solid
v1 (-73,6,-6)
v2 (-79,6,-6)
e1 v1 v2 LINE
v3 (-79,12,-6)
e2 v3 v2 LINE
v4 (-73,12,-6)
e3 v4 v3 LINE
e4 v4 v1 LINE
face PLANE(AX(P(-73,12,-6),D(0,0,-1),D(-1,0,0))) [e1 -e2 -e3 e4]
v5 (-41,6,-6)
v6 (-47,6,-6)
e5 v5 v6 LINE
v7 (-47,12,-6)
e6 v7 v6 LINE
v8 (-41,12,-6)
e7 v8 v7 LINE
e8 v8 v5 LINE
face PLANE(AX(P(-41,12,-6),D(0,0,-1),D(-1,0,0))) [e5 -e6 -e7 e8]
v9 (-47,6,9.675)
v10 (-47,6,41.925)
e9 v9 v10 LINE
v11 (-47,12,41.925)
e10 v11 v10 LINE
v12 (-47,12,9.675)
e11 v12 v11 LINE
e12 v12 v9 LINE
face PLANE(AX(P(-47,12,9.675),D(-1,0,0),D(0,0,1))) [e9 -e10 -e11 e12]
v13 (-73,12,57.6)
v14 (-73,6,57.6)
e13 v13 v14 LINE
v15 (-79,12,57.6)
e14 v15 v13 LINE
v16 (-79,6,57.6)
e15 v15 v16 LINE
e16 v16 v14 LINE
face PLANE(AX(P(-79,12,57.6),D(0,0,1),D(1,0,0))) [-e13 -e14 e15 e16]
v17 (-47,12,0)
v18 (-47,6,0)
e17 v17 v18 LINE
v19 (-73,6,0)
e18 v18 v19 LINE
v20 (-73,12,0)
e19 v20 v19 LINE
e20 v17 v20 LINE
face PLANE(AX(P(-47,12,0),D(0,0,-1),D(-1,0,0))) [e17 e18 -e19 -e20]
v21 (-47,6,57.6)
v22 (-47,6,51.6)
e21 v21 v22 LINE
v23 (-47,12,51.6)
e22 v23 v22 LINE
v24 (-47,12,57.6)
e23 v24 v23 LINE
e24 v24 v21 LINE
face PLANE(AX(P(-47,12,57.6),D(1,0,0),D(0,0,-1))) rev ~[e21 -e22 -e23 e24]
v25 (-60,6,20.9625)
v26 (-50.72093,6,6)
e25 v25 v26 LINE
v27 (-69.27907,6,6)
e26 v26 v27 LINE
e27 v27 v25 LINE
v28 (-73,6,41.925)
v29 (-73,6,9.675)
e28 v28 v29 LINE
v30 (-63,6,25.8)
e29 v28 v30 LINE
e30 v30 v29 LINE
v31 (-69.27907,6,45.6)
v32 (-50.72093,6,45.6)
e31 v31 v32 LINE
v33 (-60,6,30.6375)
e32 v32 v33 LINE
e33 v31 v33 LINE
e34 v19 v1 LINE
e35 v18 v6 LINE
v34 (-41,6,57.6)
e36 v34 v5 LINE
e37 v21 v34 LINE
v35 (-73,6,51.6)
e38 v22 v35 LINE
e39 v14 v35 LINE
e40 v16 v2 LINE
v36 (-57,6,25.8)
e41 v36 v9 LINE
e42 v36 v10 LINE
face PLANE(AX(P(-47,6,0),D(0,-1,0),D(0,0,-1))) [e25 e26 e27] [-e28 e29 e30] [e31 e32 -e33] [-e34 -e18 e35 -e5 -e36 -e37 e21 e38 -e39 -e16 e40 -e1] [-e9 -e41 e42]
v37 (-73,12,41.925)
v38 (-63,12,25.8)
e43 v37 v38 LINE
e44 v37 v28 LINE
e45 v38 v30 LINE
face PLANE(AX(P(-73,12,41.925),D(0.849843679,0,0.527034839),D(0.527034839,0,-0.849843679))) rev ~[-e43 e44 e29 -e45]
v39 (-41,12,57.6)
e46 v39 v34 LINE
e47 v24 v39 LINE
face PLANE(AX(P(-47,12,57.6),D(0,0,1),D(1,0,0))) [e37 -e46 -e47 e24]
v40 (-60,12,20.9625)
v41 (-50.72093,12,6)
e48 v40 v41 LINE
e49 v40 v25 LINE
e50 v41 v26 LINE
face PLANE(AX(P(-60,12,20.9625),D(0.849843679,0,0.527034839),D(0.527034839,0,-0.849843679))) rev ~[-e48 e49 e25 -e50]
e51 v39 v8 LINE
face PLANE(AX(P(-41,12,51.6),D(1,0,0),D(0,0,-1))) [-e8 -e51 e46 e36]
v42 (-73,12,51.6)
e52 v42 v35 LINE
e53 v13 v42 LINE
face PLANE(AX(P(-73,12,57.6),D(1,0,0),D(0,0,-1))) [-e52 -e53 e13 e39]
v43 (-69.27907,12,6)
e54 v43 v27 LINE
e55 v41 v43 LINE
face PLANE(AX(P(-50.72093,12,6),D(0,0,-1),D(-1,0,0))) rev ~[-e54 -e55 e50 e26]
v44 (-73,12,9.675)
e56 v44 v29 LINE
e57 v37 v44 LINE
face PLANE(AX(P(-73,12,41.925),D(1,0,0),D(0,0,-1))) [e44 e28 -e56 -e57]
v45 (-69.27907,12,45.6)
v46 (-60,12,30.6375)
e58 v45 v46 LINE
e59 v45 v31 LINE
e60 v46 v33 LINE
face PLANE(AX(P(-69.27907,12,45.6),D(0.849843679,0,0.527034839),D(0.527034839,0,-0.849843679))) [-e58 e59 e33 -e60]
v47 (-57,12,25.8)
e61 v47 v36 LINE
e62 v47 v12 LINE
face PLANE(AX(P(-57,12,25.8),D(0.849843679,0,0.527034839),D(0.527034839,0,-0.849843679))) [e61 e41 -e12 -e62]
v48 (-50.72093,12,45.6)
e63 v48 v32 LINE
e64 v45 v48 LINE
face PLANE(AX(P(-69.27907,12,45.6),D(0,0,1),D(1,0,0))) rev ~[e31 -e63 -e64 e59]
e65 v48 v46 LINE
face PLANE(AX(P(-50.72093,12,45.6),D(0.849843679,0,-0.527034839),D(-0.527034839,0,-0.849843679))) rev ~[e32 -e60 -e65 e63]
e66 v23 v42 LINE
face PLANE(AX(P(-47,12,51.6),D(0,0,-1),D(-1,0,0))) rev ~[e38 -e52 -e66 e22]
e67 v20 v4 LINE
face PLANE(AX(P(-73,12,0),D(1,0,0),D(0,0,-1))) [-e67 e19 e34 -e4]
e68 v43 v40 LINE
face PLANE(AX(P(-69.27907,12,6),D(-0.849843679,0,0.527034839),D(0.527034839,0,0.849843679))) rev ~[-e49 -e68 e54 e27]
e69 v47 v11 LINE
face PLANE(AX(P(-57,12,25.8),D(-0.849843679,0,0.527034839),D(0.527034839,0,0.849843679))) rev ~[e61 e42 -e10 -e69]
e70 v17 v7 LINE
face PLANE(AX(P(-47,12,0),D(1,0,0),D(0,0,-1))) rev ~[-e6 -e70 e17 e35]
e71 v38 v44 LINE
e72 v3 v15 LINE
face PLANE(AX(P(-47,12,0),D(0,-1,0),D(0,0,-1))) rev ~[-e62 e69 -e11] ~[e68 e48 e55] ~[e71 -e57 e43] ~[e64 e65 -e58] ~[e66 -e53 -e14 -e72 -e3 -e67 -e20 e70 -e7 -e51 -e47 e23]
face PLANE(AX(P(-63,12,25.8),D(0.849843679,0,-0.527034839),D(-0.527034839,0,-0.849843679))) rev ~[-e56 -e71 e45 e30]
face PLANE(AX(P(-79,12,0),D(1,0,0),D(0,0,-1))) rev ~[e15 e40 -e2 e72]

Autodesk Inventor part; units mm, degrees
ref_plane "YZ Plane" through (0, 0, 0) normal (1, 0, 0) x (0, 1, 0)
ref_plane "XZ Plane" through (0, 0, 0) normal (0, 1, 0) x (-1, 0, 0)
ref_plane "XY Plane" through (0, 0, 0) normal (0, 0, 1) x (1, 0, 0)
ref_plane "Work Plane2" through (-47, 12, 0) normal (0, -1, 0) x (0, 0, -1)
sketch "Sketch2" plane through (-47, 12, 0) normal (0, -1, 0) x (0, 0, -1)
  line L0 (0, 0) -> (0, 6) projected
  line L1 (0, 0) -> (6, 0) projected
  line L2 (6, 6) -> (6, 0) projected
  line L3 (0, 6) -> (6, 6) projected
  line L4 (0, -32) -> (0, -26) projected
  line L5 (0, -32) -> (6, -32) projected
  line L6 (6, -26) -> (6, -32) projected
  line L7 (0, -26) -> (6, -26) projected
  line L8 (-57.6, -32) -> (-57.6, -26) projected
  line L9 (-57.6, -32) -> (-51.6, -32) projected
  line L10 (-51.6, -26) -> (-51.6, -32) projected
  line L11 (-57.6, -26) -> (-51.6, -26) projected
  line L12 (-57.6, 0) -> (-57.6, 6) projected
  line L13 (-57.6, 0) -> (-51.6, 0) projected
  line L14 (-51.6, 6) -> (-51.6, 0) projected
  line L15 (-57.6, 6) -> (-51.6, 6) projected
  line L16 (-51.6, 6) -> (0, 6)
  line L17 (0, 0) -> (-51.6, 0)
  line L18 (-51.6, 0) -> (0, -32)
  line L19 (0, -26) -> (-51.6, 6)
  line L20 (-51.6, -32) -> (0, 0)
  line L21 (-51.6, -26) -> (0, 6)
  line L22 (0, -32) -> (-51.6, -32)
  line L23 (-51.6, -26) -> (0, -26)
  line L24 (-6, 0) -> (-6, -26)
  line L25 (0, 0) -> (0, -26)
  line L26 (-45.6, -26) -> (-45.6, 0)
  line L27 (-51.6, 0) -> (-51.6, -26)
  point P0 (0, 47)
  point P1 (-20.9625, -13)
  point P2 (-6, -3.7209)
  point P3 (-6, -22.2791)
  point P4 (-25.8, -10)
  point P5 (-41.925, 0)
  point P6 (-9.675, 0)
  point P7 (-25.8, -16)
  point P8 (-9.675, -26)
  point P9 (-41.925, -26)
  point P10 (-30.6375, -13)
  point P11 (-45.6, -22.2791)
  point P12 (-45.6, -3.7209)
extrude "Extrusion1" add sketch "Sketch2" along normal blind 6 contours L17 L21 L0 | L0 L3 L2 L1 | L20 L24 L17 | L25 L19 L24 L20 | L21 L17 L19 L16 | L24 L20 L19 L21 L17 | L7 L6 L5 L4 | L23 L24 L19 | L4 L18 L23 | L19 L17 L14 | L14 L13 L12 L15 | L20 L18 L21 L19 | L19 L24 L23 L18 L20 | L22 L20 L23 L18 | L17 L26 L18 | L18 L26 L21 L27 | L19 L21 L18 L26 L17 | L20 L23 L26 L21 L18 | L9 L8 L11 L10 | L10 L23 L20 | L21 L26 L23
properties part number "CrossReinforcementUpper"
